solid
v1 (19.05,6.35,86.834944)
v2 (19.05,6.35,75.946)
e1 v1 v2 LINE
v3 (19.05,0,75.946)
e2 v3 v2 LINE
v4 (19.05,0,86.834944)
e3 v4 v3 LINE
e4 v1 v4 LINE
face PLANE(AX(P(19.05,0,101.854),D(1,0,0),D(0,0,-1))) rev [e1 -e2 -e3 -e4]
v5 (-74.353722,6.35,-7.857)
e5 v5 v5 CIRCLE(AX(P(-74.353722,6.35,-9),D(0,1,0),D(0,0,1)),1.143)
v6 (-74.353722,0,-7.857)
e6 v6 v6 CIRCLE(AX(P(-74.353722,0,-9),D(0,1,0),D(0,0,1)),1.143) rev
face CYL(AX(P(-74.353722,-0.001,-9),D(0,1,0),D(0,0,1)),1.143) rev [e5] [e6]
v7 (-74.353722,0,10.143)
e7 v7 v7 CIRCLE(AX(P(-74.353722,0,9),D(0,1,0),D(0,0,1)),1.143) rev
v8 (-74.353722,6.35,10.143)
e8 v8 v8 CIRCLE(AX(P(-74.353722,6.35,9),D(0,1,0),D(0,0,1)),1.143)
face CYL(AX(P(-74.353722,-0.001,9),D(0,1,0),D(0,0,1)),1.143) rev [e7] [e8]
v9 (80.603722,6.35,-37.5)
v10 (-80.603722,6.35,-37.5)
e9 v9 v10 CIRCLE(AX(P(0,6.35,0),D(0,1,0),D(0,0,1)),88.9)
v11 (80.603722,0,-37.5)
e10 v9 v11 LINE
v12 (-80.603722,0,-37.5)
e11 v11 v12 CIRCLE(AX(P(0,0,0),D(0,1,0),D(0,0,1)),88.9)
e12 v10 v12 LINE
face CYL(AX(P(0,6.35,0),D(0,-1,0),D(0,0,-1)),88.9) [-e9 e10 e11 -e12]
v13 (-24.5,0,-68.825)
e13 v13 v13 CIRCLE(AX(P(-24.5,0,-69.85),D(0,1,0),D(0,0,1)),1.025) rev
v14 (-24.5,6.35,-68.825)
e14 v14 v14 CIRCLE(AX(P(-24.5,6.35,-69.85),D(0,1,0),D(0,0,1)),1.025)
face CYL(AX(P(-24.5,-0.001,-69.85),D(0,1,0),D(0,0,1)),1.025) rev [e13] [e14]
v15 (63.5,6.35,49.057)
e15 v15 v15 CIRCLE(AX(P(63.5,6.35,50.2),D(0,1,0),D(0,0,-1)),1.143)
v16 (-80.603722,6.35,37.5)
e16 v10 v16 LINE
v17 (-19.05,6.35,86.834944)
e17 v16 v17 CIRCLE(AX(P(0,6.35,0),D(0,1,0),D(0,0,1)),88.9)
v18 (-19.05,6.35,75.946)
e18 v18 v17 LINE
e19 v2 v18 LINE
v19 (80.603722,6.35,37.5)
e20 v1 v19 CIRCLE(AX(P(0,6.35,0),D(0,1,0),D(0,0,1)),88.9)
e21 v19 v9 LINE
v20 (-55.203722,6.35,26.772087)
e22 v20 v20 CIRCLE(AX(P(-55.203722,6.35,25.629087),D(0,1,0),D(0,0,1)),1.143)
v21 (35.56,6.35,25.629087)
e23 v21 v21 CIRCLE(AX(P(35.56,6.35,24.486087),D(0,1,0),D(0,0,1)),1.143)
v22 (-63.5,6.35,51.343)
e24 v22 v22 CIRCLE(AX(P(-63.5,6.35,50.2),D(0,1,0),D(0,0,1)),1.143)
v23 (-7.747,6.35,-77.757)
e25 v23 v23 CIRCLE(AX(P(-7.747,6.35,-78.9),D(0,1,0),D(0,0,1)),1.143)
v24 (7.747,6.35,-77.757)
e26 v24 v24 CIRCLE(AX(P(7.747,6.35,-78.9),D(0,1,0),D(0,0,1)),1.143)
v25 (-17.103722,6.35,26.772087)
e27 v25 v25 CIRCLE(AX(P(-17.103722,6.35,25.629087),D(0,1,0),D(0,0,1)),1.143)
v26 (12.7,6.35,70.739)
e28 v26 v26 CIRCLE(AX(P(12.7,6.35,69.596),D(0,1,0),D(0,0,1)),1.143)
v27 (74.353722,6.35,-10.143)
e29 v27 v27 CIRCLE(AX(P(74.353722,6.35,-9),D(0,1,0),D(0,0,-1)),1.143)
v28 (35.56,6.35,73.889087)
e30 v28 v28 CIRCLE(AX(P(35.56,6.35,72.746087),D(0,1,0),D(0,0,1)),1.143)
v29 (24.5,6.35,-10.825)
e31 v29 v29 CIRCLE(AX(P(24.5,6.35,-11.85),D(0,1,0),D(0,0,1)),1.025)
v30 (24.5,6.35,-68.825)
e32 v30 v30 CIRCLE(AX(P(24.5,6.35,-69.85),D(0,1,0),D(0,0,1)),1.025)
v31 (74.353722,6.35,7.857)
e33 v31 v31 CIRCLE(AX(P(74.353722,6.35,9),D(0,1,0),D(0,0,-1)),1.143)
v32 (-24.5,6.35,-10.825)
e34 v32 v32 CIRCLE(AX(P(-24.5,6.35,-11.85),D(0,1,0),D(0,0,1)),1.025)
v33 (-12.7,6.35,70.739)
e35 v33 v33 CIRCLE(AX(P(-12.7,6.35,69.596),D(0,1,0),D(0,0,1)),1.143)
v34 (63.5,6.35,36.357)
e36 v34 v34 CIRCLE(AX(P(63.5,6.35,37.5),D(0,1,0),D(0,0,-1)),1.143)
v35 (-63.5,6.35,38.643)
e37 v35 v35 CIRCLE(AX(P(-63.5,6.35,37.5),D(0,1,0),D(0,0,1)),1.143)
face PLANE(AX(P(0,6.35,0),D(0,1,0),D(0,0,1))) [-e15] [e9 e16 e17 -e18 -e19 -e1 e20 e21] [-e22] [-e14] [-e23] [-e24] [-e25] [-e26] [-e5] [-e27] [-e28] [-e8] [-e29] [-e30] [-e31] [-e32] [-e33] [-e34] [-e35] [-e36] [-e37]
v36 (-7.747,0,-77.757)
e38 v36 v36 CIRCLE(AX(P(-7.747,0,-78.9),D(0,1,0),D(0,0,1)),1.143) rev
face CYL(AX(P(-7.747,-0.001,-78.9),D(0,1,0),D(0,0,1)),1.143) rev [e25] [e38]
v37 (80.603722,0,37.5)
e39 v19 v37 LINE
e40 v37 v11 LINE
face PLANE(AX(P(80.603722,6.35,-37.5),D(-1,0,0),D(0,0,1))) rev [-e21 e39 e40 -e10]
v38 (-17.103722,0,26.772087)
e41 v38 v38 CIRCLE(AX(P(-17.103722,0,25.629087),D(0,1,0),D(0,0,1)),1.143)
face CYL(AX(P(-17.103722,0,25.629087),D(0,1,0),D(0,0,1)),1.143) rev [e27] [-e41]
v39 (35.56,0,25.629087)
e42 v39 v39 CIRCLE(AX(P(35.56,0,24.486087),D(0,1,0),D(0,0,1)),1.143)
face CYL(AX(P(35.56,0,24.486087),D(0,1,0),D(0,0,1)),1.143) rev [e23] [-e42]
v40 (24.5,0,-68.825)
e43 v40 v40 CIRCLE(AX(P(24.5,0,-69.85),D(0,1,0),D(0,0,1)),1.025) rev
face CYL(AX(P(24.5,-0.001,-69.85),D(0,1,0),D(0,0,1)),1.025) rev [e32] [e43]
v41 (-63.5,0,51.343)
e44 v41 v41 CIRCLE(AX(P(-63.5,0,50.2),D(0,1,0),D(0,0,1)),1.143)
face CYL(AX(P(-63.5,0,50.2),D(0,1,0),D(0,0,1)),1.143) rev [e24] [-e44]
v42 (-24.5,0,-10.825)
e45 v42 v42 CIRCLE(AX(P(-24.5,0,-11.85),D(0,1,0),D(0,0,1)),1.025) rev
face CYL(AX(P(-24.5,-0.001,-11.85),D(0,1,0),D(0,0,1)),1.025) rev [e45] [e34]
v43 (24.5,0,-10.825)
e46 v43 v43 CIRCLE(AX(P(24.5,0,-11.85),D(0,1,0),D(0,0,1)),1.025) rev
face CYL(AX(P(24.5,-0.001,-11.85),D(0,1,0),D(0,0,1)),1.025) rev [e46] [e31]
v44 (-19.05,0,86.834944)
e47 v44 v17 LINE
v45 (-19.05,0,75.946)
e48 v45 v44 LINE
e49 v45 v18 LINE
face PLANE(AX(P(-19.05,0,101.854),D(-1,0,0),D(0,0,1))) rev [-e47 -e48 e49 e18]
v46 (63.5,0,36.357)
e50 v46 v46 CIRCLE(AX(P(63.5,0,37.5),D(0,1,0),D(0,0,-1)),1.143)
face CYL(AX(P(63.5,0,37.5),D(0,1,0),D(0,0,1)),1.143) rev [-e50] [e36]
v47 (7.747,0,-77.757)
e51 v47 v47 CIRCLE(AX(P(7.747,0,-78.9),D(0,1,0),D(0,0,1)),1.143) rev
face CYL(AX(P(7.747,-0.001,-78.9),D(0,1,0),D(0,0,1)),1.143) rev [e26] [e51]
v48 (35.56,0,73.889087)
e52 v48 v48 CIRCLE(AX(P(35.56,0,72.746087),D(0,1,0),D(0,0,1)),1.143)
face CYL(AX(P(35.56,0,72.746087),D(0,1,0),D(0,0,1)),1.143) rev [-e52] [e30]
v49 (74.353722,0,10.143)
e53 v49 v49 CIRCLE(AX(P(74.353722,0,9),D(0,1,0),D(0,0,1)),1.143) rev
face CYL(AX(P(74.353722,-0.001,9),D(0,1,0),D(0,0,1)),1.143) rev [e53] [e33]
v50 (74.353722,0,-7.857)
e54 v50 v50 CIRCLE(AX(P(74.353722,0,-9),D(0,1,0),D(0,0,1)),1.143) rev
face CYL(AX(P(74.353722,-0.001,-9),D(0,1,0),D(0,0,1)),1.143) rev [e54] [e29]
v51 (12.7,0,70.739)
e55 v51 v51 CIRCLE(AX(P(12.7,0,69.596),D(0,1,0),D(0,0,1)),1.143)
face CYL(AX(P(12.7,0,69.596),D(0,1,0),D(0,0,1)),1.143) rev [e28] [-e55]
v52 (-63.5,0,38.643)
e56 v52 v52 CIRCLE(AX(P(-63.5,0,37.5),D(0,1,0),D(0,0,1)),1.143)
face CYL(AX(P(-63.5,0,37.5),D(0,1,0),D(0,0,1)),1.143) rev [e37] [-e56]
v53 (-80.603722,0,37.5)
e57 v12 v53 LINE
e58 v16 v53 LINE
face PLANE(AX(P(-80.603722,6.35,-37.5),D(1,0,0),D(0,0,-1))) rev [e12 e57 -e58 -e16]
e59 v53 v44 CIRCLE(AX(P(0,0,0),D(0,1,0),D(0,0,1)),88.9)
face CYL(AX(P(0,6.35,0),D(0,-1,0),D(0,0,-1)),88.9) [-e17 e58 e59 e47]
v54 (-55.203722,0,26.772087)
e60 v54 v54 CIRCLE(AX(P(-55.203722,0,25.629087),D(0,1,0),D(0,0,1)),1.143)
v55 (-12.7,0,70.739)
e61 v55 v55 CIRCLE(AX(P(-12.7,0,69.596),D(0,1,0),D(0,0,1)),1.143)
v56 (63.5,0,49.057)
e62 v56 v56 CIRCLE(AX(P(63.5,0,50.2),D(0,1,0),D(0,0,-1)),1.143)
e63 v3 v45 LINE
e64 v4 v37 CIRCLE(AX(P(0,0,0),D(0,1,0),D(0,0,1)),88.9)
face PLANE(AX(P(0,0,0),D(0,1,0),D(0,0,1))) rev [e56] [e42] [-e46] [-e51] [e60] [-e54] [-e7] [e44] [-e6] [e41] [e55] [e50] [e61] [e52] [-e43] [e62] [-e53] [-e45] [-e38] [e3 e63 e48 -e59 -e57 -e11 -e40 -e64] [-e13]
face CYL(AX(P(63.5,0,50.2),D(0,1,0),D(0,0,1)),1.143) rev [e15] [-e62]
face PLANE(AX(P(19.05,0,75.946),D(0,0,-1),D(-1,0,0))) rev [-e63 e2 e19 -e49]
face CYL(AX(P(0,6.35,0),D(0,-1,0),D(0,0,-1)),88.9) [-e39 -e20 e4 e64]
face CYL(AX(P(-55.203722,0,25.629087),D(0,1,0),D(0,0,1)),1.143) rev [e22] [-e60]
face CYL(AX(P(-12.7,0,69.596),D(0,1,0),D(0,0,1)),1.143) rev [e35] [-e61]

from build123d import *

# Parameters (mm, degrees)
MAIN_BODY_DEPTH     = 6.35
RASPBERRY_PI_REACH  = 122.169
SKETCH2_R           = 1.025
MOTOR_MOUNTS_REACH  = 122.169
SKETCH3_R           = 1.143
CUT_EXTRUDE3_REACH  = 122.169
SKETCH4_R           = 1.143
SKETCH5_R           = 1.143
GRABBER_MOUNT_DEPTH = 121.168600308
SKETCH6_R           = 1.143
FRONT_IR_DEPTH      = 121.168600308
SKETCH8_R           = 1.143
SIDE_IR_DEPTH       = 121.168600308
SKETCH9_R           = 1.143
CUT_EXTRUDE4_DEPTH  = 121.168600308
SKETCH10_W          = 38.1
SKETCH10_H          = 25.908
CUT_EXTRUDE5_DEPTH  = 121.168600308


with BuildPart() as part:
    # Sketch1 → Main Body (new body)
    with BuildSketch(Plane(origin=(0, 0, 0), x_dir=(1, 0, 0), z_dir=(0, 1, 0))):
        with BuildLine():
            Line((-80.603721998, 37.5), (-80.603721998, -37.5))
            ThreePointArc((-80.603721998, -37.5), (0, -88.9), (80.603721998, -37.5))
            Line((80.603721998, -37.5), (80.603721998, 37.5))
            ThreePointArc((80.603721998, 37.5), (0, 88.9), (-80.603721998, 37.5))
        make_face()
    extrude(amount=MAIN_BODY_DEPTH)

    # Sketch2 → Raspberry Pi (cut, up to next)
    with BuildSketch(Plane(origin=(0, 6.35, 0), x_dir=(1, 0, 0), z_dir=(0, 1, 0)), mode=Mode.PRIVATE) as raspberry_pi_sk1:
        with Locations(Location((24.5, 69.85, 0), (0, 0, 270))):
            Circle(SKETCH2_R)
    raspberry_pi_tool1 = extrude(raspberry_pi_sk1.sketch, amount=-RASPBERRY_PI_REACH, mode=Mode.PRIVATE) & part.part
    # Sketch2 → Raspberry Pi (cut, up to next)
    with BuildSketch(Plane(origin=(0, 6.35, 0), x_dir=(1, 0, 0), z_dir=(0, 1, 0)), mode=Mode.PRIVATE) as raspberry_pi_sk2:
        with Locations(Location((24.5, 11.85, 0), (0, 0, 270))):
            Circle(SKETCH2_R)
    raspberry_pi_tool2 = extrude(raspberry_pi_sk2.sketch, amount=-RASPBERRY_PI_REACH, mode=Mode.PRIVATE) & part.part
    # Sketch2 → Raspberry Pi (cut, up to next)
    with BuildSketch(Plane(origin=(0, 6.35, 0), x_dir=(1, 0, 0), z_dir=(0, 1, 0)), mode=Mode.PRIVATE) as raspberry_pi_sk3:
        with Locations(Location((-24.5, 11.85, 0), (0, 0, 270))):
            Circle(SKETCH2_R)
    raspberry_pi_tool3 = extrude(raspberry_pi_sk3.sketch, amount=-RASPBERRY_PI_REACH, mode=Mode.PRIVATE) & part.part
    # Sketch2 → Raspberry Pi (cut, up to next)
    with BuildSketch(Plane(origin=(0, 6.35, 0), x_dir=(1, 0, 0), z_dir=(0, 1, 0)), mode=Mode.PRIVATE) as raspberry_pi_sk4:
        with Locations(Location((-24.5, 69.85, 0), (0, 0, 270))):
            Circle(SKETCH2_R)
    raspberry_pi_tool4 = extrude(raspberry_pi_sk4.sketch, amount=-RASPBERRY_PI_REACH, mode=Mode.PRIVATE) & part.part
    add(raspberry_pi_tool1.solids().sort_by_distance((24.5, 6.35, -69.85))[0], mode=Mode.SUBTRACT)
    add(raspberry_pi_tool2.solids().sort_by_distance((24.5, 6.35, -11.85))[0], mode=Mode.SUBTRACT)
    add(raspberry_pi_tool3.solids().sort_by_distance((-24.5, 6.35, -11.85))[0], mode=Mode.SUBTRACT)
    add(raspberry_pi_tool4.solids().sort_by_distance((-24.5, 6.35, -69.85))[0], mode=Mode.SUBTRACT)

    # Sketch3 → Motor Mounts (cut, up to next)
    with BuildSketch(Plane(origin=(0, 6.35, 0), x_dir=(1, 0, 0), z_dir=(0, 1, 0)), mode=Mode.PRIVATE) as motor_mounts_sk1:
        with Locations(Location((-74.353721998, 9, 0), (0, 0, 270))):
            Circle(SKETCH3_R)
    motor_mounts_tool1 = extrude(motor_mounts_sk1.sketch, amount=-MOTOR_MOUNTS_REACH, mode=Mode.PRIVATE) & part.part
    # Sketch3 → Motor Mounts (cut, up to next)
    with BuildSketch(Plane(origin=(0, 6.35, 0), x_dir=(1, 0, 0), z_dir=(0, 1, 0)), mode=Mode.PRIVATE) as motor_mounts_sk2:
        with Locations(Location((-74.353721998, -9, 0), (0, 0, 270))):
            Circle(SKETCH3_R)
    motor_mounts_tool2 = extrude(motor_mounts_sk2.sketch, amount=-MOTOR_MOUNTS_REACH, mode=Mode.PRIVATE) & part.part
    # Sketch3 → Motor Mounts (cut, up to next)
    with BuildSketch(Plane(origin=(0, 6.35, 0), x_dir=(1, 0, 0), z_dir=(0, 1, 0)), mode=Mode.PRIVATE) as motor_mounts_sk3:
        with Locations(Location((74.353721998, 9, 0), (0, 0, 270))):
            Circle(SKETCH3_R)
    motor_mounts_tool3 = extrude(motor_mounts_sk3.sketch, amount=-MOTOR_MOUNTS_REACH, mode=Mode.PRIVATE) & part.part
    # Sketch3 → Motor Mounts (cut, up to next)
    with BuildSketch(Plane(origin=(0, 6.35, 0), x_dir=(1, 0, 0), z_dir=(0, 1, 0)), mode=Mode.PRIVATE) as motor_mounts_sk4:
        with Locations(Location((74.353721998, -9, 0), (0, 0, 270))):
            Circle(SKETCH3_R)
    motor_mounts_tool4 = extrude(motor_mounts_sk4.sketch, amount=-MOTOR_MOUNTS_REACH, mode=Mode.PRIVATE) & part.part
    add(motor_mounts_tool1.solids().sort_by_distance((-74.353722, 6.35, -9))[0], mode=Mode.SUBTRACT)
    add(motor_mounts_tool2.solids().sort_by_distance((-74.353722, 6.35, 9))[0], mode=Mode.SUBTRACT)
    add(motor_mounts_tool3.solids().sort_by_distance((74.353722, 6.35, -9))[0], mode=Mode.SUBTRACT)
    add(motor_mounts_tool4.solids().sort_by_distance((74.353722, 6.35, 9))[0], mode=Mode.SUBTRACT)

    # Sketch4 → Cut-Extrude3 (cut, up to next)
    with BuildSketch(Plane(origin=(0, 6.35, 0), x_dir=(1, 0, 0), z_dir=(0, 1, 0)), mode=Mode.PRIVATE) as cut_extrude3_sk1:
        with Locations(Location((-7.747, 78.9, 0), (0, 0, 270))):
            Circle(SKETCH4_R)
    cut_extrude3_tool1 = extrude(cut_extrude3_sk1.sketch, amount=-CUT_EXTRUDE3_REACH, mode=Mode.PRIVATE) & part.part
    # Sketch4 → Cut-Extrude3 (cut, up to next)
    with BuildSketch(Plane(origin=(0, 6.35, 0), x_dir=(1, 0, 0), z_dir=(0, 1, 0)), mode=Mode.PRIVATE) as cut_extrude3_sk2:
        with Locations(Location((7.747, 78.9, 0), (0, 0, 270))):
            Circle(SKETCH4_R)
    cut_extrude3_tool2 = extrude(cut_extrude3_sk2.sketch, amount=-CUT_EXTRUDE3_REACH, mode=Mode.PRIVATE) & part.part
    add(cut_extrude3_tool1.solids().sort_by_distance((-7.747, 6.35, -78.9))[0], mode=Mode.SUBTRACT)
    add(cut_extrude3_tool2.solids().sort_by_distance((7.747, 6.35, -78.9))[0], mode=Mode.SUBTRACT)

    # Sketch5 → Grabber Mount (cut, through all)
    with BuildSketch(Plane(origin=(0, 6.35, 0), x_dir=(1, 0, 0), z_dir=(0, 1, 0))):
        with Locations(Location((35.56, -24.48608666, 0), (0, 0, 270))):
            Circle(SKETCH5_R)
        with Locations(Location((35.56, -72.74608666, 0), (0, 0, 270))):
            Circle(SKETCH5_R)
    extrude(amount=-GRABBER_MOUNT_DEPTH, mode=Mode.SUBTRACT)

    # Sketch6 → Front IR (cut, through all)
    with BuildSketch(Plane(origin=(0, 6.35, 0), x_dir=(1, 0, 0), z_dir=(0, 1, 0))):
        with Locations(Location((-12.7, -69.596, 0), (0, 0, 270))):
            Circle(SKETCH6_R)
        with Locations(Location((12.7, -69.596, 0), (0, 0, 270))):
            Circle(SKETCH6_R)
    extrude(amount=-FRONT_IR_DEPTH, mode=Mode.SUBTRACT)

    # Sketch8 → Side IR (cut, through all)
    with BuildSketch(Plane(origin=(0, 6.35, 0), x_dir=(1, 0, 0), z_dir=(0, 1, 0))):
        with Locations(Location((-63.5, -37.5, 0), (0, 0, 270))):
            Circle(SKETCH8_R)
        with Locations(Location((-63.5, -50.2, 0), (0, 0, 270))):
            Circle(SKETCH8_R)
        with Locations(Location((63.5, -50.2, 0), (0, 0, 90))):
            Circle(SKETCH8_R)
        with Locations(Location((63.5, -37.5, 0), (0, 0, 90))):
            Circle(SKETCH8_R)
    extrude(amount=-SIDE_IR_DEPTH, mode=Mode.SUBTRACT)

    # Sketch9 → Cut-Extrude4 (cut, through all)
    with BuildSketch(Plane(origin=(0, 6.35, 0), x_dir=(1, 0, 0), z_dir=(0, 1, 0))):
        with Locations(Location((-55.203721998, -25.62908666, 0), (0, 0, 270))):
            Circle(SKETCH9_R)
        with Locations(Location((-17.103721998, -25.62908666, 0), (0, 0, 270))):
            Circle(SKETCH9_R)
    extrude(amount=-CUT_EXTRUDE4_DEPTH, mode=Mode.SUBTRACT)

    # Sketch10 → Cut-Extrude5 (cut, through all)
    with BuildSketch(Plane(origin=(0, 6.35, 0), x_dir=(1, 0, 0), z_dir=(0, 1, 0))):
        with Locations((0, -88.9)):
            Rectangle(SKETCH10_W, SKETCH10_H)
    extrude(amount=-CUT_EXTRUDE5_DEPTH, mode=Mode.SUBTRACT)


solid = part.part
